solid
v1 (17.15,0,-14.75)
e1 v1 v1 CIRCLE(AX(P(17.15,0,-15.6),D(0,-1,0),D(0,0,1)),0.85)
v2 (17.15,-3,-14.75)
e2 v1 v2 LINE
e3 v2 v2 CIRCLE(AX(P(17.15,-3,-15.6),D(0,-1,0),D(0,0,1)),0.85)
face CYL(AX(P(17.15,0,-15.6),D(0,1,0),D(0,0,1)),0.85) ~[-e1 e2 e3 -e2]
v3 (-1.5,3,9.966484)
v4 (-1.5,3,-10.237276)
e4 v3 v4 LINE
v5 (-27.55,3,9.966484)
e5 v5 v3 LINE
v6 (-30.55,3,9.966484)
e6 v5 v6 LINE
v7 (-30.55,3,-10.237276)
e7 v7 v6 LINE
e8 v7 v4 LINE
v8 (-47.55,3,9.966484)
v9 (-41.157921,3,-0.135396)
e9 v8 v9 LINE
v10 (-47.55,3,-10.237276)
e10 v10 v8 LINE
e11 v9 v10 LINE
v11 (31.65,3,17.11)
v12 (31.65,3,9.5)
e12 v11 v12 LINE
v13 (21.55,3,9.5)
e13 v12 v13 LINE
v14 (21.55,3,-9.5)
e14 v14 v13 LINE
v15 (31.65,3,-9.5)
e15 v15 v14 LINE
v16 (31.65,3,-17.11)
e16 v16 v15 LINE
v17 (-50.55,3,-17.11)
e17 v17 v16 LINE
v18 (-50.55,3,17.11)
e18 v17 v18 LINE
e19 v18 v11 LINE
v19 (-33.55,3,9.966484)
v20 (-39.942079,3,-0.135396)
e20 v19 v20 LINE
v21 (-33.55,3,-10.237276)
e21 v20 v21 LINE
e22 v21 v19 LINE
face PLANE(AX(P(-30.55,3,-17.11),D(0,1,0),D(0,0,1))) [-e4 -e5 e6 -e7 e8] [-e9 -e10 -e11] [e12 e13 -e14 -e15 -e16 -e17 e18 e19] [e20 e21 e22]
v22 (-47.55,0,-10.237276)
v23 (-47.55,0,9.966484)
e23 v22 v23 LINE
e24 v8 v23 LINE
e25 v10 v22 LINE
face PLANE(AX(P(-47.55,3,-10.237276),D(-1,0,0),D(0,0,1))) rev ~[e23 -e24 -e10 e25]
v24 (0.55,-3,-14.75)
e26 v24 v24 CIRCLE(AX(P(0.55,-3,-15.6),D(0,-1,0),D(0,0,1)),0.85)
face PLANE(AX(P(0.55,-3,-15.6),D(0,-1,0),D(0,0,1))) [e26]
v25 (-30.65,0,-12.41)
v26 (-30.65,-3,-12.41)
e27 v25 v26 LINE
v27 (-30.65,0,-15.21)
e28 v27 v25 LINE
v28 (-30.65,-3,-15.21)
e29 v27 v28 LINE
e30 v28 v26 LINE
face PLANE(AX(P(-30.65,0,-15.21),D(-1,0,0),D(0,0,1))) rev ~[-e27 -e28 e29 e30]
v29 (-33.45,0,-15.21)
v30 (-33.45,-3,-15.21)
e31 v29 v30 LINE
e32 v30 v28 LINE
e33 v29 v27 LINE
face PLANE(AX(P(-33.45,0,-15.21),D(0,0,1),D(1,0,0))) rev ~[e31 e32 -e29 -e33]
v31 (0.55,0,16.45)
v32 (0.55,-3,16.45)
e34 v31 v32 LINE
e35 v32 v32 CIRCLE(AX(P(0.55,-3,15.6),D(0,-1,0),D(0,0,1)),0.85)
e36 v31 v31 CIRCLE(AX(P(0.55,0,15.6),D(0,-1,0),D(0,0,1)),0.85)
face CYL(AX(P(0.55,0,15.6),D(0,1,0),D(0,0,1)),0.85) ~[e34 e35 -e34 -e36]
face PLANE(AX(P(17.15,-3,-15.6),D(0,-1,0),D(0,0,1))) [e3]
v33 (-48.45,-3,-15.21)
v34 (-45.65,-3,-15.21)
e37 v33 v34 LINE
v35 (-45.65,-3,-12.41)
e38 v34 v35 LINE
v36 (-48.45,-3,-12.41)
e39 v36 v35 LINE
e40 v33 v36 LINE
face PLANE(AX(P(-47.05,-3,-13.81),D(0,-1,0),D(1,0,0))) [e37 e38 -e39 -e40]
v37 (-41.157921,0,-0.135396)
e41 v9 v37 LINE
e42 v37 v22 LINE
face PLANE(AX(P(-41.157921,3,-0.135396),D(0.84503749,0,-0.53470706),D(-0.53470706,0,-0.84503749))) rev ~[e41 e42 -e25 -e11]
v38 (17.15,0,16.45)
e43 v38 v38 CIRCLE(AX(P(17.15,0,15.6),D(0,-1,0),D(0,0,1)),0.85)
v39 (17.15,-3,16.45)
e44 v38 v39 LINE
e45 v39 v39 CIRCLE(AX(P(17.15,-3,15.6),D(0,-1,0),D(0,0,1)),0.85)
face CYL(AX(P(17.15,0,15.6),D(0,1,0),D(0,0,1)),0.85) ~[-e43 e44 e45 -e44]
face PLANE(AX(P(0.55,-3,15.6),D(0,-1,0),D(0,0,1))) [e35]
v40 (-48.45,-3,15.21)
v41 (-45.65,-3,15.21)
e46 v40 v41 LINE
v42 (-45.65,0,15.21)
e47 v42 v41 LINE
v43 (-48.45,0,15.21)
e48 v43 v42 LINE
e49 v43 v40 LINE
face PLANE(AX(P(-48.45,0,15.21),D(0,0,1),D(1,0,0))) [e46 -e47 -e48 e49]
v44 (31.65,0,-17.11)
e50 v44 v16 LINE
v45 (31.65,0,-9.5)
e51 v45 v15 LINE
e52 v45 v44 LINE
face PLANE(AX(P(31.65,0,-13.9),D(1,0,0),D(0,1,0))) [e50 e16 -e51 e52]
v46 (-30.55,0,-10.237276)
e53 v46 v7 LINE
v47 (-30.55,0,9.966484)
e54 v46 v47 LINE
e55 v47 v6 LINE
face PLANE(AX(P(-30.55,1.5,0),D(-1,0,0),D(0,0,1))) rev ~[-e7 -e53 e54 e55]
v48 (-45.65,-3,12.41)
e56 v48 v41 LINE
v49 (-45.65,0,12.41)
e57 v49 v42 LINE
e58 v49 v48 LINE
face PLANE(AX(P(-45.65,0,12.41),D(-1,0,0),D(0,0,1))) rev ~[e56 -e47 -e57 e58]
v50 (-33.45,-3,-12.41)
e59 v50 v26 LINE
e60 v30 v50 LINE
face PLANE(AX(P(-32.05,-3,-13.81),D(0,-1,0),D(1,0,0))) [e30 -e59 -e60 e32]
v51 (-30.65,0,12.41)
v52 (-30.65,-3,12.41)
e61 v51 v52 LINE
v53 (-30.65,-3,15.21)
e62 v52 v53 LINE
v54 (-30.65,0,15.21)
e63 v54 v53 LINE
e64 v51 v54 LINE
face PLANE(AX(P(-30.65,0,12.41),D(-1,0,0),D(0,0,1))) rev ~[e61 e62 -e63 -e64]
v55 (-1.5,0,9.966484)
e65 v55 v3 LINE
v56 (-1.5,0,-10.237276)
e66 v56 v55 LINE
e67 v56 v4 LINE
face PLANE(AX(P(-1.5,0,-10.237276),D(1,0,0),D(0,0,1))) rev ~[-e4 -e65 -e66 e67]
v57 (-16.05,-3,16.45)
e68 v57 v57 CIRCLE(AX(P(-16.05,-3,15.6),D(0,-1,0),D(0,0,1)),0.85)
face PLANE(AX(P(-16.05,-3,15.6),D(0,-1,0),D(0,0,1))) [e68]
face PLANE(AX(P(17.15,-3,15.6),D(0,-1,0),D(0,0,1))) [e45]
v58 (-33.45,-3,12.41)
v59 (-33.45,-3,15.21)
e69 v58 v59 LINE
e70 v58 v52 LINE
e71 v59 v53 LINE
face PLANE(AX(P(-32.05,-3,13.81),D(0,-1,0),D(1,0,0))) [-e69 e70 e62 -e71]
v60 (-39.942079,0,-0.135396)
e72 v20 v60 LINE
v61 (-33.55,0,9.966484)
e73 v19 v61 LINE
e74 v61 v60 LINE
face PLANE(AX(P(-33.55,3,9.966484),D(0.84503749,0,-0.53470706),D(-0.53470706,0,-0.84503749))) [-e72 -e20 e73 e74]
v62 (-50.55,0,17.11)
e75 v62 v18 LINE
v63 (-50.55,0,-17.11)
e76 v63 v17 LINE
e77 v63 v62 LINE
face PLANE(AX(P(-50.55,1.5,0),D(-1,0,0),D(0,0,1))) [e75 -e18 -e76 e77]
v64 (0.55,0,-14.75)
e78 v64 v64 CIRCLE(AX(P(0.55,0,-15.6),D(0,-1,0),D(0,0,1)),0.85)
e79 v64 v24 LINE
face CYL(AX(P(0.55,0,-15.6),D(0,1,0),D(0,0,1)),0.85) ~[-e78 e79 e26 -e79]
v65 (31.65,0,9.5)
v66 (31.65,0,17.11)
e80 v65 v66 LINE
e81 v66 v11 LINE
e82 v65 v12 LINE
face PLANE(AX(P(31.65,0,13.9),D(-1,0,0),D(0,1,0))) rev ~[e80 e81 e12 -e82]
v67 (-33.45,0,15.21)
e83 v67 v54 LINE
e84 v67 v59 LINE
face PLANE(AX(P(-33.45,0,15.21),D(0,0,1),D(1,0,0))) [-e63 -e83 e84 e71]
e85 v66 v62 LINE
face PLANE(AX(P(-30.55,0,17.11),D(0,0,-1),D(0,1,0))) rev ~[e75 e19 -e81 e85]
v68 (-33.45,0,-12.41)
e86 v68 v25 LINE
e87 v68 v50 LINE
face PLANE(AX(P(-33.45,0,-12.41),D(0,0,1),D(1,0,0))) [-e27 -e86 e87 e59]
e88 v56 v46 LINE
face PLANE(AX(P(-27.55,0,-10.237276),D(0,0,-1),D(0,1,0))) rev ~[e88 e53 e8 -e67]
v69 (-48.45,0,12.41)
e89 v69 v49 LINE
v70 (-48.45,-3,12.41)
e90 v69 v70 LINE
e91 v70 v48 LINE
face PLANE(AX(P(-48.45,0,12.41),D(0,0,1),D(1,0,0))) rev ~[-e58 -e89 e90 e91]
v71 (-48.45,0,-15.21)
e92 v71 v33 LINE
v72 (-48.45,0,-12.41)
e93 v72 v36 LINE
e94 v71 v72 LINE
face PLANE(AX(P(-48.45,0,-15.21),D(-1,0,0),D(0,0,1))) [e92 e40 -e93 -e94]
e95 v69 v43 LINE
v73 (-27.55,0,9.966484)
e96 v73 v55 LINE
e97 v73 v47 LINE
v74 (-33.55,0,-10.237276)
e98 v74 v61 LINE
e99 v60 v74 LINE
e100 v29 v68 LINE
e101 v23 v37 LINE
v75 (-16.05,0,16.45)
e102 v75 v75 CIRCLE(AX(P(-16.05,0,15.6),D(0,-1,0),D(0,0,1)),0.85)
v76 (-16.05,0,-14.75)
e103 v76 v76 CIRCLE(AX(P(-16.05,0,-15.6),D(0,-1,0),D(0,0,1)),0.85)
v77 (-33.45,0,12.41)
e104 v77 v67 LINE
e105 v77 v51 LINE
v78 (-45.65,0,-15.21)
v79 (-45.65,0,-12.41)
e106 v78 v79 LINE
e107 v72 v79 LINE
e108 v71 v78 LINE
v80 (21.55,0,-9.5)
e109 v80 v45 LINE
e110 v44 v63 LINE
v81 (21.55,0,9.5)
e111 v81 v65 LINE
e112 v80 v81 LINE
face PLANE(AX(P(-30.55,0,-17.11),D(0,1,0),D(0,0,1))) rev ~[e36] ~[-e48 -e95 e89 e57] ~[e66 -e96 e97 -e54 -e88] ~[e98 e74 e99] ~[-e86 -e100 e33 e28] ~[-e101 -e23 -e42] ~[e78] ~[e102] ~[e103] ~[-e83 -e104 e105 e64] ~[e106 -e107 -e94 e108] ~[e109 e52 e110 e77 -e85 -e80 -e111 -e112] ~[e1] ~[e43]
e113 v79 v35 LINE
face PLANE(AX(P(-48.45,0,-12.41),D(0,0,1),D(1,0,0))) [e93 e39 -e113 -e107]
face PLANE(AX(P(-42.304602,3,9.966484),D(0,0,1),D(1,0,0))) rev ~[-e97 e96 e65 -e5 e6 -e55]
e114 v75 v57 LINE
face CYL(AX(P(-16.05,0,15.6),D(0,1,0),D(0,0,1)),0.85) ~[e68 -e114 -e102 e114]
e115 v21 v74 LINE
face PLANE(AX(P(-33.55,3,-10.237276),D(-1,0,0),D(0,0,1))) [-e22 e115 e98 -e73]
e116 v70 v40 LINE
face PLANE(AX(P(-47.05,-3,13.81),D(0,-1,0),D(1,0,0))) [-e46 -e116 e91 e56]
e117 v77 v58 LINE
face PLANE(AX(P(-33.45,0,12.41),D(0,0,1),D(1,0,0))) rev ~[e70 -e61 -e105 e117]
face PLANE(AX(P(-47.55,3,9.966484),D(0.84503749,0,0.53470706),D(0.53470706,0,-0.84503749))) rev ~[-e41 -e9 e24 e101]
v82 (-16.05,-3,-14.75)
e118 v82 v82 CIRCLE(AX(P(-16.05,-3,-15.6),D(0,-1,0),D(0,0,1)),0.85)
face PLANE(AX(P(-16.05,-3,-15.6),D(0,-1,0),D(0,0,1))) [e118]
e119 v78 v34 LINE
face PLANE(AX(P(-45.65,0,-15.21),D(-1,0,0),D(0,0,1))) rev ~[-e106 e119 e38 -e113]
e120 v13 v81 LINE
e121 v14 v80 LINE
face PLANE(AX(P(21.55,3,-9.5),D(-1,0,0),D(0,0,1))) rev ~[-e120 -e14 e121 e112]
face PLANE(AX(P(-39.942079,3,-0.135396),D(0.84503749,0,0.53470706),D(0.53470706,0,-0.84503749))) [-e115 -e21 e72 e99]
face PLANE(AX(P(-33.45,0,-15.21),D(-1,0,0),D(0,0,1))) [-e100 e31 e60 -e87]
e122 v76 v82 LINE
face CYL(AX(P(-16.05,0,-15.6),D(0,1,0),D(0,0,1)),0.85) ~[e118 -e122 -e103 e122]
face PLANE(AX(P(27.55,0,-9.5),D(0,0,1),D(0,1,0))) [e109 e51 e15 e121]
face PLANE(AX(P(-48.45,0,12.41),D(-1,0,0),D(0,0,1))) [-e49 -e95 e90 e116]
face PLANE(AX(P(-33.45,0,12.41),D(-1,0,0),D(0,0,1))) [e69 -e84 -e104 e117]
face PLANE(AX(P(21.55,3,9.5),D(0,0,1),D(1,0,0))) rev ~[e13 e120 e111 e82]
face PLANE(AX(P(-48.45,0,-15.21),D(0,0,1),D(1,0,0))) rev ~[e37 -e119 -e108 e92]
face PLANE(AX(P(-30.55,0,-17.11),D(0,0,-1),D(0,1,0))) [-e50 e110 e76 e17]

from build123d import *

# Parameters (mm, degrees)
SKETCH1_W           = 55.1
SKETCH1_H           = 27.8
BOSS_EXTRUDE1_DEPTH = 3
SKETCH3_W           = 21.65
SKETCH3_H           = 20.203759547
SKETCH3_W_2         = 17.65
SKETCH3_H_2         = 15.75
CUT_EXTRUDE1_DEPTH  = 32.00342723
SKETCH4_W           = 19.154601746
SKETCH4_H           = 20.203759547
CUT_EXTRUDE2_DEPTH  = 32.00342723
CUT_EXTRUDE3_DEPTH  = 10
SKETCH7_W           = 4.4
SKETCH7_H           = 3
BOSS_EXTRUDE2_DEPTH = 4.1
SKETCH8_W           = 3.662724417
SKETCH8_H           = 3
SKETCH8_W_2         = 3.933516036
BOSS_EXTRUDE3_DEPTH = 3
SKETCH9_W           = 62.2
SKETCH9_H           = 3
BOSS_EXTRUDE4_DEPTH = 3.21
SKETCH10_W          = 62.2
SKETCH10_H          = 3
BOSS_EXTRUDE5_DEPTH = 3.21
SKETCH12_W          = 34.22
SKETCH12_H          = 3
BOSS_EXTRUDE7_DEPTH = 20
CUT_EXTRUDE4_DEPTH  = 54.451422806
SKETCH14_W          = 2.8
SKETCH14_H          = 2.8
BOSS_EXTRUDE8_DEPTH = 3
SKETCH11_R          = 0.85
BOSS_EXTRUDE9_DEPTH = 3


with BuildPart() as part:
    # Sketch1 → Boss-Extrude1 (new body)
    with BuildSketch(Plane(origin=(0, 0, 0), x_dir=(1, 0, 0), z_dir=(0, 1, 0))):
        Rectangle(SKETCH1_W, SKETCH1_H)
    extrude(amount=BOSS_EXTRUDE1_DEPTH)

    # Sketch3 → Cut-Extrude1 (cut, through all)
    # profile 1 of 2: a face of its own
    with BuildSketch(Plane.XZ):
        with Locations((-12.325, -0.13539581)):
            Rectangle(SKETCH3_W, SKETCH3_H)
        with Locations((-12.325, -0.375)):
            Rectangle(SKETCH3_W_2, SKETCH3_H_2, mode=Mode.SUBTRACT)
    # profile 2 of 2: a face of its own
    with BuildSketch(Plane.XZ):
        with Locations((-12.325, -0.375)):
            Rectangle(SKETCH3_W_2, SKETCH3_H_2)
    extrude(amount=-CUT_EXTRUDE1_DEPTH, mode=Mode.SUBTRACT)

    # Sketch4 → Cut-Extrude2 (cut, through all)
    with BuildSketch(Plane(origin=(0, 3, 0), x_dir=(1, 0, 0), z_dir=(0, 1, 0))):
        with Locations((-32.727300873, 0.13539581)):
            Rectangle(SKETCH4_W, SKETCH4_H)
    extrude(amount=-CUT_EXTRUDE2_DEPTH, mode=Mode.SUBTRACT)

    # Sketch5 → Cut-Extrude3 (cut)
    with BuildSketch(Plane(origin=(0, 3, 0), x_dir=(1, 0, 0), z_dir=(0, 1, 0))):
        Polygon((27.55, -9.5), (27.55, 0), (27.55, 9.5), (21.55, 9.5), (21.55, -9.5), align=None)
    extrude(amount=-CUT_EXTRUDE3_DEPTH, mode=Mode.SUBTRACT)

    # Sketch7 → Boss-Extrude2 (add)
    with BuildSketch(Plane(origin=(27.55, 0, 0), x_dir=(0, 0, -1), z_dir=(1, 0, 0))):
        with Locations((11.7, 1.5)):
            Rectangle(SKETCH7_W, SKETCH7_H)
        with Locations((-11.7, 1.5)):
            Rectangle(SKETCH7_W, SKETCH7_H)
    extrude(amount=BOSS_EXTRUDE2_DEPTH)

    # Sketch8 → Boss-Extrude3 (add)
    with BuildSketch(Plane.ZY.offset(27.55)):
        with Locations((-12.068637792, 1.5)):
            Rectangle(SKETCH8_W, SKETCH8_H)
        with Locations((11.933241982, 1.5)):
            Rectangle(SKETCH8_W_2, SKETCH8_H)
    extrude(amount=BOSS_EXTRUDE3_DEPTH)

    # Sketch9 → Boss-Extrude4 (add)
    with BuildSketch(Plane(origin=(0, 0, -13.9), x_dir=(-1, 0, 0), z_dir=(0, 0, -1))):
        with Locations((-0.55, 1.5)):
            Rectangle(SKETCH9_W, SKETCH9_H)
    extrude(amount=BOSS_EXTRUDE4_DEPTH)

    # Sketch10 → Boss-Extrude5 (add)
    with BuildSketch(Plane.XY.offset(13.9)):
        with Locations((0.55, 1.5)):
            Rectangle(SKETCH10_W, SKETCH10_H)
    extrude(amount=BOSS_EXTRUDE5_DEPTH)

    # Sketch12 → Boss-Extrude7 (add)
    with BuildSketch(Plane.ZY.offset(30.55)):
        with Locations((0, 1.5)):
            Rectangle(SKETCH12_W, SKETCH12_H)
    extrude(amount=BOSS_EXTRUDE7_DEPTH)

    # Sketch13 → Cut-Extrude4 (cut, through all)
    with BuildSketch(Plane(origin=(0, 3, 0), x_dir=(1, 0, 0), z_dir=(0, 1, 0))):
        Polygon((-33.55, 10.237275583), (-33.55, -9.966483964), (-39.942079041, 0.13539581), align=None)
        Polygon((-47.55, 10.237275583), (-47.55, -9.966483964), (-41.157920959, 0.13539581), align=None)
    extrude(amount=-CUT_EXTRUDE4_DEPTH, mode=Mode.SUBTRACT)

    # Sketch14 → Boss-Extrude8 (add)
    with BuildSketch(Plane.XZ):
        with Locations((-47.05, 13.81)):
            Rectangle(SKETCH14_W, SKETCH14_H)
        with Locations((-47.05, -13.81)):
            Rectangle(SKETCH14_W, SKETCH14_H)
        with Locations((-32.05, 13.81)):
            Rectangle(SKETCH14_W, SKETCH14_H)
        with Locations((-32.05, -13.81)):
            Rectangle(SKETCH14_W, SKETCH14_H)
    extrude(amount=BOSS_EXTRUDE8_DEPTH)

    # Sketch11 → Boss-Extrude9 (add)
    with BuildSketch(Plane.XZ):
        with Locations(Location((-16.05, 15.6, 0), (0, 0, 90))):
            Circle(SKETCH11_R)
        with Locations(Location((-16.05, -15.6, 0), (0, 0, 90))):
            Circle(SKETCH11_R)
        with Locations(Location((0.55, -15.6, 0), (0, 0, 90))):
            Circle(SKETCH11_R)
        with Locations(Location((0.55, 15.6, 0), (0, 0, 90))):
            Circle(SKETCH11_R)
        with Locations(Location((17.15, 15.6, 0), (0, 0, 90))):
            Circle(SKETCH11_R)
        with Locations(Location((17.15, -15.6, 0), (0, 0, 90))):
            Circle(SKETCH11_R)
    extrude(amount=BOSS_EXTRUDE9_DEPTH)


solid = part.part
